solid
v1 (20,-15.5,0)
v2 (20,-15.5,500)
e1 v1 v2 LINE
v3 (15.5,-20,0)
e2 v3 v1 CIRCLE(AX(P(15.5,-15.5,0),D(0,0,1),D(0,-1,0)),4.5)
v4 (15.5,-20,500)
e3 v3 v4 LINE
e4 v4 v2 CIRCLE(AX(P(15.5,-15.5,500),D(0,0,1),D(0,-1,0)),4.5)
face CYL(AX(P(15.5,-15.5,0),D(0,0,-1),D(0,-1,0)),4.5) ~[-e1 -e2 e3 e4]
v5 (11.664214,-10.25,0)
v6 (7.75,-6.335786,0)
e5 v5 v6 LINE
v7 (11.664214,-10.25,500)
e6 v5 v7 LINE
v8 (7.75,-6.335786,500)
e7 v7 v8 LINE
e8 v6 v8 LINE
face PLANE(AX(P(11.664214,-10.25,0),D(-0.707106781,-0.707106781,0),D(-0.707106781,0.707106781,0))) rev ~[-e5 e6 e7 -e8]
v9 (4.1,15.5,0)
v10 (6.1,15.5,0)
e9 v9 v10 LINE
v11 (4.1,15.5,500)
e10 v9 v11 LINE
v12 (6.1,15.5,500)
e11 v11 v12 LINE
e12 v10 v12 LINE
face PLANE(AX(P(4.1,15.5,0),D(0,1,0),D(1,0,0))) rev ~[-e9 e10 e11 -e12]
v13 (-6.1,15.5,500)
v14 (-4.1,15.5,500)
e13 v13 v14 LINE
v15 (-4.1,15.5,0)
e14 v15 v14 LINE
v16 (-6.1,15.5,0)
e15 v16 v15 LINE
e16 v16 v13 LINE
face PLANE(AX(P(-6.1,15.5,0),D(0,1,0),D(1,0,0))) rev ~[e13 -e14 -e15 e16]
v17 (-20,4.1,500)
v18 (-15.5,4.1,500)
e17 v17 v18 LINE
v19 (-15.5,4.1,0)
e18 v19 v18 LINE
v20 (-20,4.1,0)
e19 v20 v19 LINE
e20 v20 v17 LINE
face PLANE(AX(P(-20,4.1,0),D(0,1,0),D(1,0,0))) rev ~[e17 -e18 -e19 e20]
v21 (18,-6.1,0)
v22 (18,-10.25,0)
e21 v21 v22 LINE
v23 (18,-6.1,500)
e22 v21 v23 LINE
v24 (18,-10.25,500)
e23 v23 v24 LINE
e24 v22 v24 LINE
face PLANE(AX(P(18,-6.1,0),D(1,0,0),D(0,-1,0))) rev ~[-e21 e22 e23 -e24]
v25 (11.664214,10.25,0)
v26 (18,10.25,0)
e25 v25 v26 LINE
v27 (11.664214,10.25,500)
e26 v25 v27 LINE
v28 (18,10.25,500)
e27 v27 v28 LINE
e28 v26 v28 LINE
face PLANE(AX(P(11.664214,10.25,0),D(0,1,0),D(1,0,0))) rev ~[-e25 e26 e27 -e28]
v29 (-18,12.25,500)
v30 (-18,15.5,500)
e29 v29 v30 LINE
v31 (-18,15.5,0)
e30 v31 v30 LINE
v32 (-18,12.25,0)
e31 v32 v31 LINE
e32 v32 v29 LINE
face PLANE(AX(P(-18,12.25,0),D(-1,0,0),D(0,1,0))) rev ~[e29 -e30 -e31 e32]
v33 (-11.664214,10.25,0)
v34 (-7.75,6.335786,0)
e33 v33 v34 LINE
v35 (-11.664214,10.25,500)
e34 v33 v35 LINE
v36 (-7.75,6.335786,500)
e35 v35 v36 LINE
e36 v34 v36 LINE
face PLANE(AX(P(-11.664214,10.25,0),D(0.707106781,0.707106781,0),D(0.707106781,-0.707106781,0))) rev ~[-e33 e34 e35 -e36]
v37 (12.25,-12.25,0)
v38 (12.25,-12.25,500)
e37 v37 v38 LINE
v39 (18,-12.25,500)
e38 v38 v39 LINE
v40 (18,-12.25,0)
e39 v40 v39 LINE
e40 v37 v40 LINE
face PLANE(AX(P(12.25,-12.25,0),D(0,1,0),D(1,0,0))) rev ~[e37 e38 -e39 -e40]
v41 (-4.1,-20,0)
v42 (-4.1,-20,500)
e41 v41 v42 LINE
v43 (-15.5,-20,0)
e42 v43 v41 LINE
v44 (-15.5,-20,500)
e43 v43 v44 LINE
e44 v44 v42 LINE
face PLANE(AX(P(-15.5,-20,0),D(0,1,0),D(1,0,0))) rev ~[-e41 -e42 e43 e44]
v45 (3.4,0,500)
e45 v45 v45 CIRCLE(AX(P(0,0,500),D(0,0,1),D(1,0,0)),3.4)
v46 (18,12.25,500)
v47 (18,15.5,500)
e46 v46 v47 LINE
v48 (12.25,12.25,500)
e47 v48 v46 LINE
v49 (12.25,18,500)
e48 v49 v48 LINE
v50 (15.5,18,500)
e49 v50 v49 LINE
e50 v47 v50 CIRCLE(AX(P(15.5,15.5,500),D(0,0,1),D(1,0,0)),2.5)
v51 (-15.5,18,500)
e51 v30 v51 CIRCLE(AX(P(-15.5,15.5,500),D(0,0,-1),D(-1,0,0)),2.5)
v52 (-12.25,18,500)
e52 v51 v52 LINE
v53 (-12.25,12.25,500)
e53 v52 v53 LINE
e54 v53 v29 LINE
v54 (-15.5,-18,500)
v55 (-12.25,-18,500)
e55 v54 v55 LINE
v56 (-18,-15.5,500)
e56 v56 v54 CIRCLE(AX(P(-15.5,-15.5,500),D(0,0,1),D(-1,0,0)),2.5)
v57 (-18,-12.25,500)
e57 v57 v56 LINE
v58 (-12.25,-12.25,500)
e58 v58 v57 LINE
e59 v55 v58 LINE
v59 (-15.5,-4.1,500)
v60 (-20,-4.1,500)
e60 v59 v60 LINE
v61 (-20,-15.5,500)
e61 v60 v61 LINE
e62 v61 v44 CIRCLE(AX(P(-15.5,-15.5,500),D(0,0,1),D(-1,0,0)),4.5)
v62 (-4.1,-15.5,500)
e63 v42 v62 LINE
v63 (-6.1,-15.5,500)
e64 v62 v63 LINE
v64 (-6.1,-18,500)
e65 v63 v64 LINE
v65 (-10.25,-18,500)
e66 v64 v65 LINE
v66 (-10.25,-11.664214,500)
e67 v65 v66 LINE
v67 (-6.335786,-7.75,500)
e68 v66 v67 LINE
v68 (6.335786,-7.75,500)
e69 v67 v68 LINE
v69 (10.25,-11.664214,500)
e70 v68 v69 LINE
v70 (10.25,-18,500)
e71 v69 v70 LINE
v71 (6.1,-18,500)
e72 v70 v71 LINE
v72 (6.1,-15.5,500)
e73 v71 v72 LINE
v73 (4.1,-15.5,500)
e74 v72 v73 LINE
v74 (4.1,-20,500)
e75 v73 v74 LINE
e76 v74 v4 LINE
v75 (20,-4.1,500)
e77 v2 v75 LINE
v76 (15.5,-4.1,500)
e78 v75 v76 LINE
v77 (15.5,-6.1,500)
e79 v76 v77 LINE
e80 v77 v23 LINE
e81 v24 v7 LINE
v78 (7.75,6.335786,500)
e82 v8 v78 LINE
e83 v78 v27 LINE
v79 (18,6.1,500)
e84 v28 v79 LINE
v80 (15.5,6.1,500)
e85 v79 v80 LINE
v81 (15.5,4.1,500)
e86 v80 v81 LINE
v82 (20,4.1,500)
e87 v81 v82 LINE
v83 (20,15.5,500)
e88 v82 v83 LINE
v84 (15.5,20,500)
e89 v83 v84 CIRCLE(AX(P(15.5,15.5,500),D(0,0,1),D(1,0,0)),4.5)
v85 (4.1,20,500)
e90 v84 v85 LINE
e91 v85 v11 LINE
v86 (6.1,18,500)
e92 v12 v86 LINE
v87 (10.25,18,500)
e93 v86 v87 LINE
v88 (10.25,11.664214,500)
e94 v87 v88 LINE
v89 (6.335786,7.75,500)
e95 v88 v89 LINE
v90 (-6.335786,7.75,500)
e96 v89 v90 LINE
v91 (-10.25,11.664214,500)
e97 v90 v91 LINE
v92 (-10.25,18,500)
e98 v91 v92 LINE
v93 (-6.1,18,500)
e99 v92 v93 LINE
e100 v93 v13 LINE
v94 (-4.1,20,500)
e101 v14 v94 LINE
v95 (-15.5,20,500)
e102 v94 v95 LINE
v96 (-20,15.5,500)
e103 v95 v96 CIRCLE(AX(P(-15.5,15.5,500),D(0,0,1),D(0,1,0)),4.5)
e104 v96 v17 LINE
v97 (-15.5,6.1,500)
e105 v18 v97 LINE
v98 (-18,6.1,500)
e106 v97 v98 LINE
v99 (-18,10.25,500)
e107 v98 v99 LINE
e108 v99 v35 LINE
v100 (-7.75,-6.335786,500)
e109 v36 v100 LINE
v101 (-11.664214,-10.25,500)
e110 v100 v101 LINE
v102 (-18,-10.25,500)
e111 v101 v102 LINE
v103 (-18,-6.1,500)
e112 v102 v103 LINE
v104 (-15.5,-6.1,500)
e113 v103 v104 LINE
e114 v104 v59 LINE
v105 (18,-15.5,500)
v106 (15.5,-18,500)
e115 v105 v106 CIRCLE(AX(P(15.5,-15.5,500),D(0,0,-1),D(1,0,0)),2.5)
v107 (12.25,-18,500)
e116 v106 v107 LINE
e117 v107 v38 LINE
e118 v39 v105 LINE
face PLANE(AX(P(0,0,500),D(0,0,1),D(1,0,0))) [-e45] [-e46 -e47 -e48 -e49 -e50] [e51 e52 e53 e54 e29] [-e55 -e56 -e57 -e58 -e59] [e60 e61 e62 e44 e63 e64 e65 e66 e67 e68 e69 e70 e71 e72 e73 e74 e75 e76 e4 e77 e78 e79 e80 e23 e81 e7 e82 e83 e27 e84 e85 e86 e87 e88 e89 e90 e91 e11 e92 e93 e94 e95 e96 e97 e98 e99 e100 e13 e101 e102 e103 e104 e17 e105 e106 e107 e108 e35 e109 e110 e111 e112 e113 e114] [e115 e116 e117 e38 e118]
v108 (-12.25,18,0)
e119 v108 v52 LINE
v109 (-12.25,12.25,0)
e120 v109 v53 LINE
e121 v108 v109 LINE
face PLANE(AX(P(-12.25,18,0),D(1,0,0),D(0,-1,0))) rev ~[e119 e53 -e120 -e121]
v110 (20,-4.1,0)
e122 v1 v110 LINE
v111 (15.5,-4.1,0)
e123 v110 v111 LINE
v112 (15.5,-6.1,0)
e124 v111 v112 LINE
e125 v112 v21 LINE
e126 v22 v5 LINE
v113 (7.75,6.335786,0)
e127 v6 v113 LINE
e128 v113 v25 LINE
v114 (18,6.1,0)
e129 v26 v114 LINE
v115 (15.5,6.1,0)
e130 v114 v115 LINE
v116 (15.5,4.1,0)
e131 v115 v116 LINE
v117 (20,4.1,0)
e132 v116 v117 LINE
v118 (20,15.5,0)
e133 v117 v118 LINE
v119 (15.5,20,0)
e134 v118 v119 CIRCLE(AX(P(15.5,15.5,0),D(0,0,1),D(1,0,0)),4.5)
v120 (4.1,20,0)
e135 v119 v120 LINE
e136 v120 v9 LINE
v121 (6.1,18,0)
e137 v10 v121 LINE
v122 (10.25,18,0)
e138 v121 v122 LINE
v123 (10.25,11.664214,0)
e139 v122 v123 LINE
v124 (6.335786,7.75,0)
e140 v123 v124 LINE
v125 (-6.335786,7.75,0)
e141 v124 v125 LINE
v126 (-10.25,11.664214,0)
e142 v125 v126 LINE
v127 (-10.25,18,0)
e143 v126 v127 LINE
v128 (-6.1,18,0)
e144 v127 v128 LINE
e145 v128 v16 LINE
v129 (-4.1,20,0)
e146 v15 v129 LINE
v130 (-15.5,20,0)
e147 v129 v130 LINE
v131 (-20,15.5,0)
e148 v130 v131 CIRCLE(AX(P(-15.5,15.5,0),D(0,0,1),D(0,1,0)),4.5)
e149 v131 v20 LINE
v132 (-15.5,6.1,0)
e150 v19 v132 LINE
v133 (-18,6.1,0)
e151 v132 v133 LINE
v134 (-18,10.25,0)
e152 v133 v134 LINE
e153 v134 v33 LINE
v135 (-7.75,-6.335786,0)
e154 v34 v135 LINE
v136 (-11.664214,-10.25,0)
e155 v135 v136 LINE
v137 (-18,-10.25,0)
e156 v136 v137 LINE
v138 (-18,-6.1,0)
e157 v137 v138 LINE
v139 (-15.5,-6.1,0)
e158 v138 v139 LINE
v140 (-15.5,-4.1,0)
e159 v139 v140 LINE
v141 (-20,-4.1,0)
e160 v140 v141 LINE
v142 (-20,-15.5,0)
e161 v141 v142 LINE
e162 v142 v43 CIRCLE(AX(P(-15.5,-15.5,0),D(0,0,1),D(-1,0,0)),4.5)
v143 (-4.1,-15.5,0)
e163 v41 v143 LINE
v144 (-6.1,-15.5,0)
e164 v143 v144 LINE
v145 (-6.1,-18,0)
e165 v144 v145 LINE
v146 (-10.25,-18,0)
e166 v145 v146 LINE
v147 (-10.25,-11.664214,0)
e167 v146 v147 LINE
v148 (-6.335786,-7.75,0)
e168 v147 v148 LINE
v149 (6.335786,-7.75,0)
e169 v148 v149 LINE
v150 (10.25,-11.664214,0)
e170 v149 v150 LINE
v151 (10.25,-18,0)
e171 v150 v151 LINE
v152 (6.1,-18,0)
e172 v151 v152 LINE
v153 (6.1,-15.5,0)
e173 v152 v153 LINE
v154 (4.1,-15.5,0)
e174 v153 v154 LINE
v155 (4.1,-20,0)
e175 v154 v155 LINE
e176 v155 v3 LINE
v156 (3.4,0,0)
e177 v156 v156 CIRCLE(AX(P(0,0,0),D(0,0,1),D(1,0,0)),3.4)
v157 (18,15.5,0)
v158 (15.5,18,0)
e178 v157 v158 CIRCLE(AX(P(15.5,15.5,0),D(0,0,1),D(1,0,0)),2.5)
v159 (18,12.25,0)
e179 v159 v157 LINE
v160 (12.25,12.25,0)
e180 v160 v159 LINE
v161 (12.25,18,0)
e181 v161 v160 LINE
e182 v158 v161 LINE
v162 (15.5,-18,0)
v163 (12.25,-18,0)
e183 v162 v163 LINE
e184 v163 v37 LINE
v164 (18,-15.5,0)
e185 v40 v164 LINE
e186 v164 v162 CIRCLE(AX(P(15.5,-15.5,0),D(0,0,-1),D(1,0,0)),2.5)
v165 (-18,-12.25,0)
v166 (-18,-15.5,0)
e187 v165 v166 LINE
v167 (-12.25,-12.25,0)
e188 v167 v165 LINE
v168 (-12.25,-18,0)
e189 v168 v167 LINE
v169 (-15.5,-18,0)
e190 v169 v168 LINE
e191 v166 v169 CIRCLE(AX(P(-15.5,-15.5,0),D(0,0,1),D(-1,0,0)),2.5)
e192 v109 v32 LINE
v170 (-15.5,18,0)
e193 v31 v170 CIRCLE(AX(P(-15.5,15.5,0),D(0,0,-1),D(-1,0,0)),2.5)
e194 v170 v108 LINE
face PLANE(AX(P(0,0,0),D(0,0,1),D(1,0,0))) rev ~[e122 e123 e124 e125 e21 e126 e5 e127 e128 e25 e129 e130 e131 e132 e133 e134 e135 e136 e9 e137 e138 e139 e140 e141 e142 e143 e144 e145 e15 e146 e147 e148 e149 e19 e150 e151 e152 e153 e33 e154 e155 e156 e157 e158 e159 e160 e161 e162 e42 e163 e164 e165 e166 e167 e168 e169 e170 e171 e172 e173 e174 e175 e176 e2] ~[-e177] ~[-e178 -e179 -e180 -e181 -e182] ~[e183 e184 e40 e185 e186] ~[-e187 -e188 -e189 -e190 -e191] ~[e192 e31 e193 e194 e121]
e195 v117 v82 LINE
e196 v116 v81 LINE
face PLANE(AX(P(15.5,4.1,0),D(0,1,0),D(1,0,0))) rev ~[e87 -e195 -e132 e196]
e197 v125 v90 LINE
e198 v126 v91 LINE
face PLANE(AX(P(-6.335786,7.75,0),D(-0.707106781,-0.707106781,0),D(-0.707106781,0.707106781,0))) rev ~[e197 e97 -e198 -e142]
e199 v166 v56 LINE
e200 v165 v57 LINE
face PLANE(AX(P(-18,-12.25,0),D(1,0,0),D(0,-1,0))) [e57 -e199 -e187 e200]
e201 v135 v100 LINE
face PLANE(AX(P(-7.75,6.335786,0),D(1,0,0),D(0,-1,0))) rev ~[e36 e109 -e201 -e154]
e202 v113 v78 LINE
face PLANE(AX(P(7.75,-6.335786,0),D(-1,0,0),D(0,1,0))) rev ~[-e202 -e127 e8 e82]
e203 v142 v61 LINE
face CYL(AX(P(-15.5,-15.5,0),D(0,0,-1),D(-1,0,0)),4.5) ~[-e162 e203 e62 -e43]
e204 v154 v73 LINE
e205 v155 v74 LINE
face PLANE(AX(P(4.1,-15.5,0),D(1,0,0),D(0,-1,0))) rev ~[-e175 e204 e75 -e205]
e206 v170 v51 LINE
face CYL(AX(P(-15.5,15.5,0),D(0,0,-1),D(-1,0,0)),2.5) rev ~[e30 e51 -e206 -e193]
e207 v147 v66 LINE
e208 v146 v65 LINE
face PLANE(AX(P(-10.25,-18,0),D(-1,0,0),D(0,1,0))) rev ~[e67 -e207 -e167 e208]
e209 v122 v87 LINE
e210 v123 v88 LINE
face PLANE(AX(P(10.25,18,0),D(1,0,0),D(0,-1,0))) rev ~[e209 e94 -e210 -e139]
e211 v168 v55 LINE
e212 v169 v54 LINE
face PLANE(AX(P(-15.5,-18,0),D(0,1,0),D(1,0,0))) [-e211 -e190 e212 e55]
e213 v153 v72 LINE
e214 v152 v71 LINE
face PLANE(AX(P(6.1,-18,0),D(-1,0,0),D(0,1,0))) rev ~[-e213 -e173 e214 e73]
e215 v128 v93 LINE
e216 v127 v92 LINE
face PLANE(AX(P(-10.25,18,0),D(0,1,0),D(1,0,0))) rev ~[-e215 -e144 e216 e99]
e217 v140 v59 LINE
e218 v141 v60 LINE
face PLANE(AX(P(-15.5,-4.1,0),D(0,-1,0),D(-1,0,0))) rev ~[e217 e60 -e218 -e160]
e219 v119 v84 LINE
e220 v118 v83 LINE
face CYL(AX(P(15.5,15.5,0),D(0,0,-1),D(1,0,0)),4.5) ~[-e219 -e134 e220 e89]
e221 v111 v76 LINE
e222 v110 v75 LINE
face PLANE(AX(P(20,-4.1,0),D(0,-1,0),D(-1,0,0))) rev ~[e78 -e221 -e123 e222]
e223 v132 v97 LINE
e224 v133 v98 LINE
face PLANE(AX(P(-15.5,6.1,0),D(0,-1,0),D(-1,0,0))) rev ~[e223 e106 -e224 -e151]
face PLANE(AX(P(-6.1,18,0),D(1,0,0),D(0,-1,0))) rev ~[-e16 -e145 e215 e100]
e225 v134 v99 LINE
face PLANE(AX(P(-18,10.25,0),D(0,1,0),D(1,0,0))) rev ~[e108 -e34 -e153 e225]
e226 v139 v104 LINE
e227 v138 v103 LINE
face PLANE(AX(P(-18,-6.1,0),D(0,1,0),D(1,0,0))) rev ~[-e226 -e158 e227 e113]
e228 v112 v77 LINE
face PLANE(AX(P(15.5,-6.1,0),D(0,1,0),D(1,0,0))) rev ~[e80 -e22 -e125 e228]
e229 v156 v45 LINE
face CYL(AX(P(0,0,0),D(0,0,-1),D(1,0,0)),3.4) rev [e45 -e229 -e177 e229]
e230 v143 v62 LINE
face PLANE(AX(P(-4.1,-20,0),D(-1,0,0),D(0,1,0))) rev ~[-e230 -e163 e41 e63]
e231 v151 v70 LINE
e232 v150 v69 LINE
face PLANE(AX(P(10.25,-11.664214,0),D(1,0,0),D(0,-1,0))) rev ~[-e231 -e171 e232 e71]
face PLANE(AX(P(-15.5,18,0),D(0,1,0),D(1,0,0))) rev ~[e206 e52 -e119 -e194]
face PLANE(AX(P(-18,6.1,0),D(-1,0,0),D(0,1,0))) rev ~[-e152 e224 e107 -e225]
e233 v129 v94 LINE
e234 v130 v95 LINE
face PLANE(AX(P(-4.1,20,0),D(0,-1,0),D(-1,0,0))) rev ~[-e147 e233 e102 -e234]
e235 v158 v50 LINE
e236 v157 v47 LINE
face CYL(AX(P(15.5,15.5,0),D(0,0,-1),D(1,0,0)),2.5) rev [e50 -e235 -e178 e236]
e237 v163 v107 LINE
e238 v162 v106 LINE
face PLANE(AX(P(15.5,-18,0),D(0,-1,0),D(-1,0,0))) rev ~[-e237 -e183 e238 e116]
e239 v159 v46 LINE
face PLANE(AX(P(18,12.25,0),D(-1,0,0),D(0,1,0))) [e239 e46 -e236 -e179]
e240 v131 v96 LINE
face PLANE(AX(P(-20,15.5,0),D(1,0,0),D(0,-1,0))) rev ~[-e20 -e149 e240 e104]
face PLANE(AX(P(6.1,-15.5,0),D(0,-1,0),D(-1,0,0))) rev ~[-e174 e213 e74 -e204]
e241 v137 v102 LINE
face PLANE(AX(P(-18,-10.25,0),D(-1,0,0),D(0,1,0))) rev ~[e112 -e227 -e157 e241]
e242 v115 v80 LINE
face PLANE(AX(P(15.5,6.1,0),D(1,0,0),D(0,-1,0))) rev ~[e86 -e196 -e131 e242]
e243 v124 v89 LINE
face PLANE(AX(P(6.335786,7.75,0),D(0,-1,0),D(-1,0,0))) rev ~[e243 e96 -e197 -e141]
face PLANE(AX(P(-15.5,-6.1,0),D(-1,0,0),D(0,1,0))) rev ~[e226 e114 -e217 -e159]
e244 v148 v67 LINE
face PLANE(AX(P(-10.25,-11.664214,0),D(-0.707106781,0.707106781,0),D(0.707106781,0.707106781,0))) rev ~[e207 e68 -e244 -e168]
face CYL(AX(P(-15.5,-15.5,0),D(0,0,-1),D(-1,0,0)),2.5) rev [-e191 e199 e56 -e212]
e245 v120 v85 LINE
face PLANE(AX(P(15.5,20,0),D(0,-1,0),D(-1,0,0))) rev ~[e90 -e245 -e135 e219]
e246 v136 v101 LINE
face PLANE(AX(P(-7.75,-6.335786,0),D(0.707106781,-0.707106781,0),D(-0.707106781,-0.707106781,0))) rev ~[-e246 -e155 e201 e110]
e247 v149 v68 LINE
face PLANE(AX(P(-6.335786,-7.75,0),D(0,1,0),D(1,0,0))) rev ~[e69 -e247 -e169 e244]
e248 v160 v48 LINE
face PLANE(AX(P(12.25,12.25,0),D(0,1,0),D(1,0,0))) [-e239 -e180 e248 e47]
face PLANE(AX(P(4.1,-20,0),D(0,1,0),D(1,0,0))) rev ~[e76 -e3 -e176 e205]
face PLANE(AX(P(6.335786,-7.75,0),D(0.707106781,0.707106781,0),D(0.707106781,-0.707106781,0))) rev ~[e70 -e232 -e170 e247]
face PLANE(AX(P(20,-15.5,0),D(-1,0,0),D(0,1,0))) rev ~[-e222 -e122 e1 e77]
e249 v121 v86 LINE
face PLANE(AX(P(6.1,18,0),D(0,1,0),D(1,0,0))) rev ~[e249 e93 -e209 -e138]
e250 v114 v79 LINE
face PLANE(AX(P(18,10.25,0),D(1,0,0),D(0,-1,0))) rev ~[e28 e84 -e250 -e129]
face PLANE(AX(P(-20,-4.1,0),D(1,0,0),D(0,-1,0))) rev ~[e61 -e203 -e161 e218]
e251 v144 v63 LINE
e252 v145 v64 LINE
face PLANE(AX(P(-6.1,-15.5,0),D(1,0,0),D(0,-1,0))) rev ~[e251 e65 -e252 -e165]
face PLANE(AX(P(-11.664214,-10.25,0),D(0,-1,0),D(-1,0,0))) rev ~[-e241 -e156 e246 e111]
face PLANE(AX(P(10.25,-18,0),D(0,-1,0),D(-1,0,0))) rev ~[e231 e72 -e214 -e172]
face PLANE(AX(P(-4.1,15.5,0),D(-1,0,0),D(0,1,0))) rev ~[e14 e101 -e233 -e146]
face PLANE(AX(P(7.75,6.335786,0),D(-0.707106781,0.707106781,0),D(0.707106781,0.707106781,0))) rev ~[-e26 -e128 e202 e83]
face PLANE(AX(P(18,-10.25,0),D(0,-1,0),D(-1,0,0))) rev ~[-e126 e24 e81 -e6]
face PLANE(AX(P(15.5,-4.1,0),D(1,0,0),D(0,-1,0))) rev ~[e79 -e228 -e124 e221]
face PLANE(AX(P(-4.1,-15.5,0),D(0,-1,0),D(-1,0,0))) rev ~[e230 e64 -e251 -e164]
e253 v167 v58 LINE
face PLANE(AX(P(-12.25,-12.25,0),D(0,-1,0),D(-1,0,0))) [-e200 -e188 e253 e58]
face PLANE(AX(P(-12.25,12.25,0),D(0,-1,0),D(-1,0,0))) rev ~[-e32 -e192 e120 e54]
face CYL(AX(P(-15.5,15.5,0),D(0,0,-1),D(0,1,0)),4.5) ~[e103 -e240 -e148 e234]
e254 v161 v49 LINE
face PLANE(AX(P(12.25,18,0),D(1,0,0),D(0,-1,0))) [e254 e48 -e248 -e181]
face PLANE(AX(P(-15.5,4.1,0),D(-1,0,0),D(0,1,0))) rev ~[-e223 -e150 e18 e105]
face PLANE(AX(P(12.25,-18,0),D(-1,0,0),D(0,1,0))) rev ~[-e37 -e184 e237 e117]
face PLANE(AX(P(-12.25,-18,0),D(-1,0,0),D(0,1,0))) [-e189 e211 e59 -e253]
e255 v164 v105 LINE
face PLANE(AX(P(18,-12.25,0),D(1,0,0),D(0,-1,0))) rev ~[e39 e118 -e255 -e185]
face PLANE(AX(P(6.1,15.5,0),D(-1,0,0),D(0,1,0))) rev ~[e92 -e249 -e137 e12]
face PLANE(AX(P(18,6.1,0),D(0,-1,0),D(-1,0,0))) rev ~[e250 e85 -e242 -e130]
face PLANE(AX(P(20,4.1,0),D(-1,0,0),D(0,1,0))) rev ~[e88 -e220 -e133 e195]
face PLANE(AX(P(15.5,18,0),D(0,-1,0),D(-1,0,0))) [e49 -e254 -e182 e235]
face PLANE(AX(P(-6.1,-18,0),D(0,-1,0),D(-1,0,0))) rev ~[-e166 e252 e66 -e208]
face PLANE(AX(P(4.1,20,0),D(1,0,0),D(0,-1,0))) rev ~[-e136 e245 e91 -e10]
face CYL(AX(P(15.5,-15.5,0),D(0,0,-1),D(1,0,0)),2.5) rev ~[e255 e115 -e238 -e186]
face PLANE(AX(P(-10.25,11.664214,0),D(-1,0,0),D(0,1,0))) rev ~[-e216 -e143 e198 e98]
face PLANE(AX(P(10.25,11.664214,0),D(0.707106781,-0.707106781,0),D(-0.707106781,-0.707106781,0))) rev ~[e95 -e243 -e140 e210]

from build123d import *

# Parameters (mm, degrees)
SKETCH1_R           = 3.4
BOSS_EXTRUDE1_DEPTH = 500


with BuildPart() as part:
    # Sketch1 → Boss-Extrude1 (new body)
    with BuildSketch(Plane.XY):
        with BuildLine():
            Line((7.75, -6.335786438), (7.75, 6.335786438))
            Line((7.75, 6.335786438), (11.664213562, 10.25))
            Line((11.664213562, 10.25), (18, 10.25))
            Line((18, 10.25), (18, 6.1))
            Line((18, 6.1), (15.5, 6.1))
            Line((15.5, 6.1), (15.5, 4.1))
            Line((15.5, 4.1), (20, 4.1))
            Line((20, 4.1), (20, 15.5))
            ThreePointArc((20, 15.5), (18.681980515, 18.681980515), (15.5, 20))
            Line((15.5, 20), (4.1, 20))
            Line((4.1, 20), (4.1, 15.5))
            Line((4.1, 15.5), (6.1, 15.5))
            Line((6.1, 15.5), (6.1, 18))
            Line((6.1, 18), (10.25, 18))
            Line((10.25, 18), (10.25, 11.664213562))
            Line((10.25, 11.664213562), (6.335786438, 7.75))
            Line((6.335786438, 7.75), (-6.335786438, 7.75))
            Line((-6.335786438, 7.75), (-10.25, 11.664213562))
            Line((-10.25, 11.664213562), (-10.25, 18))
            Line((-10.25, 18), (-6.1, 18))
            Line((-6.1, 18), (-6.1, 15.5))
            Line((-6.1, 15.5), (-4.1, 15.5))
            Line((-4.1, 15.5), (-4.1, 20))
            Line((-4.1, 20), (-15.5, 20))
            ThreePointArc((-15.5, 20), (-18.681980515, 18.681980515), (-20, 15.5))
            Line((-20, 15.5), (-20, 4.1))
            Line((-20, 4.1), (-15.5, 4.1))
            Line((-15.5, 4.1), (-15.5, 6.1))
            Line((-15.5, 6.1), (-18, 6.1))
            Line((-18, 6.1), (-18, 10.25))
            Line((-18, 10.25), (-11.664213562, 10.25))
            Line((-11.664213562, 10.25), (-7.75, 6.335786438))
            Line((-7.75, 6.335786438), (-7.75, -6.335786438))
            Line((-7.75, -6.335786438), (-11.664213562, -10.25))
            Line((-11.664213562, -10.25), (-18, -10.25))
            Line((-18, -10.25), (-18, -6.1))
            Line((-18, -6.1), (-15.5, -6.1))
            Line((-15.5, -6.1), (-15.5, -4.1))
            Line((-15.5, -4.1), (-20, -4.1))
            Line((-20, -4.1), (-20, -15.5))
            ThreePointArc((-20, -15.5), (-18.681980515, -18.681980515), (-15.5, -20))
            Line((-15.5, -20), (-4.1, -20))
            Line((-4.1, -20), (-4.1, -15.5))
            Line((-4.1, -15.5), (-6.1, -15.5))
            Line((-6.1, -15.5), (-6.1, -18))
            Line((-6.1, -18), (-10.25, -18))
            Line((-10.25, -18), (-10.25, -11.664213562))
            Line((-10.25, -11.664213562), (-6.335786438, -7.75))
            Line((-6.335786438, -7.75), (6.335786438, -7.75))
            Line((6.335786438, -7.75), (10.25, -11.664213562))
            Line((10.25, -11.664213562), (10.25, -18))
            Line((10.25, -18), (6.1, -18))
            Line((6.1, -18), (6.1, -15.5))
            Line((6.1, -15.5), (4.1, -15.5))
            Line((4.1, -15.5), (4.1, -20))
            Line((4.1, -20), (15.5, -20))
            ThreePointArc((15.5, -20), (18.681980515, -18.681980515), (20, -15.5))
            Line((20, -15.5), (20, -4.1))
            Line((20, -4.1), (15.5, -4.1))
            Line((15.5, -4.1), (15.5, -6.1))
            Line((15.5, -6.1), (18, -6.1))
            Line((18, -6.1), (18, -10.25))
            Line((18, -10.25), (11.664213562, -10.25))
            Line((11.664213562, -10.25), (7.75, -6.335786438))
        make_face()
        Circle(SKETCH1_R, mode=Mode.SUBTRACT)
        with BuildLine():
            Line((15.5, 18), (12.25, 18))
            Line((12.25, 18), (12.25, 12.25))
            Line((12.25, 12.25), (18, 12.25))
            Line((18, 12.25), (18, 15.5))
            ThreePointArc((18, 15.5), (17.267766953, 17.267766953), (15.5, 18))
        make_face(mode=Mode.SUBTRACT)
        with BuildLine():
            Line((-15.5, 18), (-12.25, 18))
            Line((-12.25, 18), (-12.25, 12.25))
            Line((-12.25, 12.25), (-18, 12.25))
            Line((-18, 12.25), (-18, 15.5))
            ThreePointArc((-18, 15.5), (-17.267766953, 17.267766953), (-15.5, 18))
        make_face(mode=Mode.SUBTRACT)
        with BuildLine():
            Line((-15.5, -18), (-12.25, -18))
            Line((-12.25, -18), (-12.25, -12.25))
            Line((-12.25, -12.25), (-18, -12.25))
            Line((-18, -12.25), (-18, -15.5))
            ThreePointArc((-18, -15.5), (-17.267766953, -17.267766953), (-15.5, -18))
        make_face(mode=Mode.SUBTRACT)
        with BuildLine():
            Line((15.5, -18), (12.25, -18))
            Line((12.25, -18), (12.25, -12.25))
            Line((12.25, -12.25), (18, -12.25))
            Line((18, -12.25), (18, -15.5))
            ThreePointArc((18, -15.5), (17.267766953, -17.267766953), (15.5, -18))
        make_face(mode=Mode.SUBTRACT)
    extrude(amount=BOSS_EXTRUDE1_DEPTH)


solid = part.part
